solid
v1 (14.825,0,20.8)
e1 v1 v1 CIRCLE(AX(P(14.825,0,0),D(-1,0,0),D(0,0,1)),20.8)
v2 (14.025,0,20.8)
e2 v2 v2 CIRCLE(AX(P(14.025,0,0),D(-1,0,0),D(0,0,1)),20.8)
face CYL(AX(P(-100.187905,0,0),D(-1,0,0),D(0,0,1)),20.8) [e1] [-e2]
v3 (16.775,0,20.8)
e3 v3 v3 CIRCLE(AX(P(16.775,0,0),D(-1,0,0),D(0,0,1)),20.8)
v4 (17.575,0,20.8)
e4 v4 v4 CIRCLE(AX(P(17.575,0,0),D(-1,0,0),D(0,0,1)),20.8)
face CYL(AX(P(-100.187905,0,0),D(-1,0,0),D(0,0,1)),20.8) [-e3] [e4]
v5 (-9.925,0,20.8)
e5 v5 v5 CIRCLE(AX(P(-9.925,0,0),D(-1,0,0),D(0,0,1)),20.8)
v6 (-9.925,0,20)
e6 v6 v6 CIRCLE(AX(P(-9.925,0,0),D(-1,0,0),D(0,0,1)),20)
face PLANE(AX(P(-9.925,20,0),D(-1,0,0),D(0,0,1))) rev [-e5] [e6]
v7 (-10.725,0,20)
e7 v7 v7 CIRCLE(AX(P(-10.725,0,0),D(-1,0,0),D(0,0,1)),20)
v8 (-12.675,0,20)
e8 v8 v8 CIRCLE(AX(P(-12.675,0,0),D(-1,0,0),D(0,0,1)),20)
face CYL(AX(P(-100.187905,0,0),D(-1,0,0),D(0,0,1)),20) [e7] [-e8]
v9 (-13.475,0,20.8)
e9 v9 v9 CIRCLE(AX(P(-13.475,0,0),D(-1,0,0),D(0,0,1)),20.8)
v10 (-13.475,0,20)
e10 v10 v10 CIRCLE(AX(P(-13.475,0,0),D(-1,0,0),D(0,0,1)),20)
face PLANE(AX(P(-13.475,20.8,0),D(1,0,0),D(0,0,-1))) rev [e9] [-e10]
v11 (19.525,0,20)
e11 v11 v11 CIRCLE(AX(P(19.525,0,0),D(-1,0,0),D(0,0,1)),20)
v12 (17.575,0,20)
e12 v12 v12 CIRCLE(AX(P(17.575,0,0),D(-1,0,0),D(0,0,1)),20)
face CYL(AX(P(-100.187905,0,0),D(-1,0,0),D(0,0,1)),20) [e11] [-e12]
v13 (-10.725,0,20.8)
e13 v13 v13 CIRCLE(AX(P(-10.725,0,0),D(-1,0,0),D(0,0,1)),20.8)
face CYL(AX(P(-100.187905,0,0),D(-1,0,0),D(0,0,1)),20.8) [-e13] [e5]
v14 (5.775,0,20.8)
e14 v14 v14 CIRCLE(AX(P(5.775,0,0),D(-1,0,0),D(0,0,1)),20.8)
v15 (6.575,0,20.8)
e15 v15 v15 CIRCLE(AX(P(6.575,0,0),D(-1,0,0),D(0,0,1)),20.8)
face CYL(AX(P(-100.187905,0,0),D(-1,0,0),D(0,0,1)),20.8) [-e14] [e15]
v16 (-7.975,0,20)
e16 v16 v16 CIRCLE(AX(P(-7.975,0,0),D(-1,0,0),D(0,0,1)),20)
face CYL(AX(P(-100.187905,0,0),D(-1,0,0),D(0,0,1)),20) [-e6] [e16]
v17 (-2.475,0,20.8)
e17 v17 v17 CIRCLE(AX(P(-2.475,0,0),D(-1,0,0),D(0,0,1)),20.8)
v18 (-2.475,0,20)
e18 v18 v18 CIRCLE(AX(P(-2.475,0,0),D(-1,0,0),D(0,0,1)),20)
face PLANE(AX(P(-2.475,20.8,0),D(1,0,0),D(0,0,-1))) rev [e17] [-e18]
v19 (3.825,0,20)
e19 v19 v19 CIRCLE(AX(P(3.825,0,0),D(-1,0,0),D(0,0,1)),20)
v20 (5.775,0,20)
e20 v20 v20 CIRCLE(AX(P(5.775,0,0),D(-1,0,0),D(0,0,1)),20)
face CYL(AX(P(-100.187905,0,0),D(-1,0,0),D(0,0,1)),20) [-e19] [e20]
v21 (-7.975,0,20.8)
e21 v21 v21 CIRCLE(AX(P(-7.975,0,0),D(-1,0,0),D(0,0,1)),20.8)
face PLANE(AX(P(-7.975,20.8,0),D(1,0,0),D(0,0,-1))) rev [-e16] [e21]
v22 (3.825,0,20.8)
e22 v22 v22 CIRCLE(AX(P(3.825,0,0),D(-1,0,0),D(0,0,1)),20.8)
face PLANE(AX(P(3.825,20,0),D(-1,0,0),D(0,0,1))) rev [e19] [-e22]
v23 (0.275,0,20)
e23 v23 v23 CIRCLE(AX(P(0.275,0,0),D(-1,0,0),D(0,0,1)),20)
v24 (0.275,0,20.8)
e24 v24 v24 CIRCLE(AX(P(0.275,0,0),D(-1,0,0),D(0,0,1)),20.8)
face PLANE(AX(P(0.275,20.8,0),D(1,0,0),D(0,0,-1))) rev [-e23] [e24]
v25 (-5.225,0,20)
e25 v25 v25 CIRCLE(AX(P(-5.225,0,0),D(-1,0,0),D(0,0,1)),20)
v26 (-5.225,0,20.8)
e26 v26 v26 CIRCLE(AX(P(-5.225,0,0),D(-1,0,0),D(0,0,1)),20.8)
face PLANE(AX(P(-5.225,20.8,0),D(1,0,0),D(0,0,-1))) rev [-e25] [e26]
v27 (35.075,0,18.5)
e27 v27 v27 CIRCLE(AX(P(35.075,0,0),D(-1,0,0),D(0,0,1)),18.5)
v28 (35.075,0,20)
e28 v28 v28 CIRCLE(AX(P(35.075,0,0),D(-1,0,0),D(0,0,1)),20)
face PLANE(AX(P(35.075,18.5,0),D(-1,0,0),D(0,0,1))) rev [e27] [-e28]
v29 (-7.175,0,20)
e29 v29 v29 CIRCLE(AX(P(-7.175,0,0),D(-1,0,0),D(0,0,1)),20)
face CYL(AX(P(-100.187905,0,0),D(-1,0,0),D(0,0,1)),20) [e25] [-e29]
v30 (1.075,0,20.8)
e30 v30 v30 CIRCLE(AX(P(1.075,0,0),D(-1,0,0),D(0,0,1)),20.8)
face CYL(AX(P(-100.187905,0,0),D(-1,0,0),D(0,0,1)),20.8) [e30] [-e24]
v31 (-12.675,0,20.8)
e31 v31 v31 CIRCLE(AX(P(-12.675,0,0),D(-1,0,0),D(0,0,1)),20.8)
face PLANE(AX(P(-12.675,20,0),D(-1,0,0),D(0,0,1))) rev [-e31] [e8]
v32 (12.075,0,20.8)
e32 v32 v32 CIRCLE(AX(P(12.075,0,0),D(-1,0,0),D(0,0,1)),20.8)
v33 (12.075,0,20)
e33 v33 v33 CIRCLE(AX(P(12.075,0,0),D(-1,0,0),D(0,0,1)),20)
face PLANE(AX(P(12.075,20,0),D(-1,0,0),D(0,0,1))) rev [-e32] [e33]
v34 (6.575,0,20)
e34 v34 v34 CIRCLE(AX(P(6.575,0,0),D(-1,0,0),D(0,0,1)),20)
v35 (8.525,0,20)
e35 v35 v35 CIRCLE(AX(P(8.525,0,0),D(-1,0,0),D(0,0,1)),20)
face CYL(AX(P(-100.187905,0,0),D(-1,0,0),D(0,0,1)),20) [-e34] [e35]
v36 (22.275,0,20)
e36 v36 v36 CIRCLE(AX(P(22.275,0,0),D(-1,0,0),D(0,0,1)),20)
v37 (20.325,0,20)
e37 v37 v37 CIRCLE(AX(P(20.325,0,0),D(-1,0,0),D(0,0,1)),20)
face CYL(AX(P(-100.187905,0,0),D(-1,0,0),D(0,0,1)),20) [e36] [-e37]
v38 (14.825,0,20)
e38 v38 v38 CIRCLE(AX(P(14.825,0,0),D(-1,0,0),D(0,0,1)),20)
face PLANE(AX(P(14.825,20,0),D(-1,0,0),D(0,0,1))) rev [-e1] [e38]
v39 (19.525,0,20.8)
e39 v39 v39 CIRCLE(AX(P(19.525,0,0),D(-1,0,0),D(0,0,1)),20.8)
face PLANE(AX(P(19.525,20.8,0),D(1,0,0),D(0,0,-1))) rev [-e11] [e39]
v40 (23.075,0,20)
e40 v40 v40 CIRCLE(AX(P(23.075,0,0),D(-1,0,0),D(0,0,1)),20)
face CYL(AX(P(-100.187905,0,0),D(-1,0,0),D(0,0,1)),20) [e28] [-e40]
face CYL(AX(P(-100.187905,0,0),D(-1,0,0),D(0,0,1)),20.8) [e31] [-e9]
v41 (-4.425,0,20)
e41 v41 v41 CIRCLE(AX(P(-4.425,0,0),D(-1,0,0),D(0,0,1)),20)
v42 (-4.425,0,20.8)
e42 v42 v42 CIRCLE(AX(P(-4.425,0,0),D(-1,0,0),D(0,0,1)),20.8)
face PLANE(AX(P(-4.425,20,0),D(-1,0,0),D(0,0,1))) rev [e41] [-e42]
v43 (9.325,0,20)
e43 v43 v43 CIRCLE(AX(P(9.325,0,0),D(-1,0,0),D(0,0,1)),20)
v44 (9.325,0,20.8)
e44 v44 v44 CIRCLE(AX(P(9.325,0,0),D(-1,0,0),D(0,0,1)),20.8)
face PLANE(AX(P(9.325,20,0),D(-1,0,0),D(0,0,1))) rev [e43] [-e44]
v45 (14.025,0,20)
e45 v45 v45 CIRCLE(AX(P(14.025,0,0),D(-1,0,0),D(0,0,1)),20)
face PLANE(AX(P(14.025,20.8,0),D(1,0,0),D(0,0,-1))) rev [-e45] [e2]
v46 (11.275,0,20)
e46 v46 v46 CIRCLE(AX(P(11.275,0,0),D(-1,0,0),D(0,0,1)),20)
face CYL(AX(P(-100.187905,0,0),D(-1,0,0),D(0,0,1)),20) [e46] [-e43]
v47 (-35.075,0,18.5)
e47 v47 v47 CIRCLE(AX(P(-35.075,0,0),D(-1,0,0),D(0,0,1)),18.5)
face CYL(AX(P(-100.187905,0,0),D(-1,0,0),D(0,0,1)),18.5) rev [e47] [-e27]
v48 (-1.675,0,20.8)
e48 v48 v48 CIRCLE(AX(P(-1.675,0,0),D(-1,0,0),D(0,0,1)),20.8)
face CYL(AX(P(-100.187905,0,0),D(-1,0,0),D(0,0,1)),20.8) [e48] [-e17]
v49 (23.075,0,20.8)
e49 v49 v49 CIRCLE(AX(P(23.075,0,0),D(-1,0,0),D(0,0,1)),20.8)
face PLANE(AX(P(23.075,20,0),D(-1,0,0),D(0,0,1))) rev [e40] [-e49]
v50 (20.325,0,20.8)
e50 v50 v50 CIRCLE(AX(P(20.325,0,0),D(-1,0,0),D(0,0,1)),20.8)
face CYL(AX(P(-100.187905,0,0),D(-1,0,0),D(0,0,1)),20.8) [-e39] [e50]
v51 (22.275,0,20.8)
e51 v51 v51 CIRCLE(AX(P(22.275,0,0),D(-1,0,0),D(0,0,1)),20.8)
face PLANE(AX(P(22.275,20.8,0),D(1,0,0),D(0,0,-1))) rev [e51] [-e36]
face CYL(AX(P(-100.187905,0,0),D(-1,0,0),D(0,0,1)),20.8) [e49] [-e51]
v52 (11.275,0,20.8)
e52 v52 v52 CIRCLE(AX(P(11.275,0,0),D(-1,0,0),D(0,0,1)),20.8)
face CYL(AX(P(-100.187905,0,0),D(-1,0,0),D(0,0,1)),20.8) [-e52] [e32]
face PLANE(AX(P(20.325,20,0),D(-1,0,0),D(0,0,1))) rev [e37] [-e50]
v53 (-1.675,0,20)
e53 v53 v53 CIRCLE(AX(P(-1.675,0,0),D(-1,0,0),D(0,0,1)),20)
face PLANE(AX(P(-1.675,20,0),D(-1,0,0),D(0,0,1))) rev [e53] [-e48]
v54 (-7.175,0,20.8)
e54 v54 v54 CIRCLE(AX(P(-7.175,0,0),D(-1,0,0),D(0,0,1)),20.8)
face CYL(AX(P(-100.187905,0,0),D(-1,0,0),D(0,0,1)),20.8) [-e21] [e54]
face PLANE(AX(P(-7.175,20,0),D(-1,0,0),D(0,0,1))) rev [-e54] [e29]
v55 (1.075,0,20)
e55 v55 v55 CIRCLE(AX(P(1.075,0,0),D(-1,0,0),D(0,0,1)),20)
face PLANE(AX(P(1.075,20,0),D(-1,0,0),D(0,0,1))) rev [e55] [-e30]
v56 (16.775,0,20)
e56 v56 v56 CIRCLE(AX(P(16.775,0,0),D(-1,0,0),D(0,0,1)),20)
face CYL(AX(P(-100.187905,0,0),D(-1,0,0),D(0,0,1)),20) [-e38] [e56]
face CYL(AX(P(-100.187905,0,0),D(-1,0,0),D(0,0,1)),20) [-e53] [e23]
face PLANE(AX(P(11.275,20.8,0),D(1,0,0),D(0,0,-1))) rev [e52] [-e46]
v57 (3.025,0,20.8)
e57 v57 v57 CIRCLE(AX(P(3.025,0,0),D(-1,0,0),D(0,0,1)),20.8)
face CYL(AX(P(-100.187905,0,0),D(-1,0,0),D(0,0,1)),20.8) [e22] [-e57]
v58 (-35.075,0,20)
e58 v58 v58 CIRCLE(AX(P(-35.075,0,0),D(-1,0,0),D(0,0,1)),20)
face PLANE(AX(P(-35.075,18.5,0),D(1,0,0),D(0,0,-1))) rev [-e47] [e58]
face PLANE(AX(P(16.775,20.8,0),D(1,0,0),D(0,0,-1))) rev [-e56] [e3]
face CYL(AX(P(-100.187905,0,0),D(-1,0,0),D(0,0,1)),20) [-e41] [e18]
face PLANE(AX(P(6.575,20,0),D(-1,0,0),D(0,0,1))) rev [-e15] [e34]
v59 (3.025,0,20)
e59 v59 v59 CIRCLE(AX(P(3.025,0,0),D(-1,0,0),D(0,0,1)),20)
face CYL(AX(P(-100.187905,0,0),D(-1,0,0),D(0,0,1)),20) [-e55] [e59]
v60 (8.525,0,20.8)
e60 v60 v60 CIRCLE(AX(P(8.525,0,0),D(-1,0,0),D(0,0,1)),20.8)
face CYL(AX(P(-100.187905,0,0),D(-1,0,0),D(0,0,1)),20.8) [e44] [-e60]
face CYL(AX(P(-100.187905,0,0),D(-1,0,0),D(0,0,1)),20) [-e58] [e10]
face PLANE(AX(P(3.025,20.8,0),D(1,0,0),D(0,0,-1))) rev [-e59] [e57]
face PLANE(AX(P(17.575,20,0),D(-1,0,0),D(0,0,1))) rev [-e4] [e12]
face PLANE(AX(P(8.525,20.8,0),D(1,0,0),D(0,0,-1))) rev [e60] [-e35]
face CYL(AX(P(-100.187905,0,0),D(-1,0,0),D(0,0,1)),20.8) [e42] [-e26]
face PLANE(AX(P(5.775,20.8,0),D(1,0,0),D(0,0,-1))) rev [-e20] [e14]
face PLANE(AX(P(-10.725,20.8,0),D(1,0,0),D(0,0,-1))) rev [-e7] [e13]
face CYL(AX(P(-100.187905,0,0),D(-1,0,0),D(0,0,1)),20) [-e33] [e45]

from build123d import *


with BuildPart() as part:
    # Sketch1 → Revolve1 (revolve)
    with BuildSketch(Plane.XY):
        Polygon((-35.075, 18.5), (35.075, 18.5), (35.075, 20), (23.075, 20), (23.075, 20.8), (22.275, 20.8), (22.275, 20), (20.325, 20), (20.325, 20.8), (19.525, 20.8), (19.525, 20), (17.575, 20), (17.575, 20.8), (16.775, 20.8), (16.775, 20), (14.825, 20), (14.825, 20.8), (14.025, 20.8), (14.025, 20), (12.075, 20), (12.075, 20.8), (11.275, 20.8), (11.275, 20), (9.325, 20), (9.325, 20.8), (8.525, 20.8), (8.525, 20), (6.575, 20), (6.575, 20.8), (5.775, 20.8), (5.775, 20), (3.825, 20), (3.825, 20.8), (3.025, 20.8), (3.025, 20), (1.075, 20), (1.075, 20.8), (0.275, 20.8), (0.275, 20), (-1.675, 20), (-1.675, 20.8), (-2.475, 20.8), (-2.475, 20), (-4.425, 20), (-4.425, 20.8), (-5.225, 20.8), (-5.225, 20), (-7.175, 20), (-7.175, 20.8), (-7.975, 20.8), (-7.975, 20), (-9.925, 20), (-9.925, 20.8), (-10.725, 20.8), (-10.725, 20), (-12.675, 20), (-12.675, 20.8), (-13.475, 20.8), (-13.475, 20), (-35.075, 20), align=None)
    revolve(axis=Axis((-100.187905083, 0, 0), (1, 0, 0)))


solid = part.part
